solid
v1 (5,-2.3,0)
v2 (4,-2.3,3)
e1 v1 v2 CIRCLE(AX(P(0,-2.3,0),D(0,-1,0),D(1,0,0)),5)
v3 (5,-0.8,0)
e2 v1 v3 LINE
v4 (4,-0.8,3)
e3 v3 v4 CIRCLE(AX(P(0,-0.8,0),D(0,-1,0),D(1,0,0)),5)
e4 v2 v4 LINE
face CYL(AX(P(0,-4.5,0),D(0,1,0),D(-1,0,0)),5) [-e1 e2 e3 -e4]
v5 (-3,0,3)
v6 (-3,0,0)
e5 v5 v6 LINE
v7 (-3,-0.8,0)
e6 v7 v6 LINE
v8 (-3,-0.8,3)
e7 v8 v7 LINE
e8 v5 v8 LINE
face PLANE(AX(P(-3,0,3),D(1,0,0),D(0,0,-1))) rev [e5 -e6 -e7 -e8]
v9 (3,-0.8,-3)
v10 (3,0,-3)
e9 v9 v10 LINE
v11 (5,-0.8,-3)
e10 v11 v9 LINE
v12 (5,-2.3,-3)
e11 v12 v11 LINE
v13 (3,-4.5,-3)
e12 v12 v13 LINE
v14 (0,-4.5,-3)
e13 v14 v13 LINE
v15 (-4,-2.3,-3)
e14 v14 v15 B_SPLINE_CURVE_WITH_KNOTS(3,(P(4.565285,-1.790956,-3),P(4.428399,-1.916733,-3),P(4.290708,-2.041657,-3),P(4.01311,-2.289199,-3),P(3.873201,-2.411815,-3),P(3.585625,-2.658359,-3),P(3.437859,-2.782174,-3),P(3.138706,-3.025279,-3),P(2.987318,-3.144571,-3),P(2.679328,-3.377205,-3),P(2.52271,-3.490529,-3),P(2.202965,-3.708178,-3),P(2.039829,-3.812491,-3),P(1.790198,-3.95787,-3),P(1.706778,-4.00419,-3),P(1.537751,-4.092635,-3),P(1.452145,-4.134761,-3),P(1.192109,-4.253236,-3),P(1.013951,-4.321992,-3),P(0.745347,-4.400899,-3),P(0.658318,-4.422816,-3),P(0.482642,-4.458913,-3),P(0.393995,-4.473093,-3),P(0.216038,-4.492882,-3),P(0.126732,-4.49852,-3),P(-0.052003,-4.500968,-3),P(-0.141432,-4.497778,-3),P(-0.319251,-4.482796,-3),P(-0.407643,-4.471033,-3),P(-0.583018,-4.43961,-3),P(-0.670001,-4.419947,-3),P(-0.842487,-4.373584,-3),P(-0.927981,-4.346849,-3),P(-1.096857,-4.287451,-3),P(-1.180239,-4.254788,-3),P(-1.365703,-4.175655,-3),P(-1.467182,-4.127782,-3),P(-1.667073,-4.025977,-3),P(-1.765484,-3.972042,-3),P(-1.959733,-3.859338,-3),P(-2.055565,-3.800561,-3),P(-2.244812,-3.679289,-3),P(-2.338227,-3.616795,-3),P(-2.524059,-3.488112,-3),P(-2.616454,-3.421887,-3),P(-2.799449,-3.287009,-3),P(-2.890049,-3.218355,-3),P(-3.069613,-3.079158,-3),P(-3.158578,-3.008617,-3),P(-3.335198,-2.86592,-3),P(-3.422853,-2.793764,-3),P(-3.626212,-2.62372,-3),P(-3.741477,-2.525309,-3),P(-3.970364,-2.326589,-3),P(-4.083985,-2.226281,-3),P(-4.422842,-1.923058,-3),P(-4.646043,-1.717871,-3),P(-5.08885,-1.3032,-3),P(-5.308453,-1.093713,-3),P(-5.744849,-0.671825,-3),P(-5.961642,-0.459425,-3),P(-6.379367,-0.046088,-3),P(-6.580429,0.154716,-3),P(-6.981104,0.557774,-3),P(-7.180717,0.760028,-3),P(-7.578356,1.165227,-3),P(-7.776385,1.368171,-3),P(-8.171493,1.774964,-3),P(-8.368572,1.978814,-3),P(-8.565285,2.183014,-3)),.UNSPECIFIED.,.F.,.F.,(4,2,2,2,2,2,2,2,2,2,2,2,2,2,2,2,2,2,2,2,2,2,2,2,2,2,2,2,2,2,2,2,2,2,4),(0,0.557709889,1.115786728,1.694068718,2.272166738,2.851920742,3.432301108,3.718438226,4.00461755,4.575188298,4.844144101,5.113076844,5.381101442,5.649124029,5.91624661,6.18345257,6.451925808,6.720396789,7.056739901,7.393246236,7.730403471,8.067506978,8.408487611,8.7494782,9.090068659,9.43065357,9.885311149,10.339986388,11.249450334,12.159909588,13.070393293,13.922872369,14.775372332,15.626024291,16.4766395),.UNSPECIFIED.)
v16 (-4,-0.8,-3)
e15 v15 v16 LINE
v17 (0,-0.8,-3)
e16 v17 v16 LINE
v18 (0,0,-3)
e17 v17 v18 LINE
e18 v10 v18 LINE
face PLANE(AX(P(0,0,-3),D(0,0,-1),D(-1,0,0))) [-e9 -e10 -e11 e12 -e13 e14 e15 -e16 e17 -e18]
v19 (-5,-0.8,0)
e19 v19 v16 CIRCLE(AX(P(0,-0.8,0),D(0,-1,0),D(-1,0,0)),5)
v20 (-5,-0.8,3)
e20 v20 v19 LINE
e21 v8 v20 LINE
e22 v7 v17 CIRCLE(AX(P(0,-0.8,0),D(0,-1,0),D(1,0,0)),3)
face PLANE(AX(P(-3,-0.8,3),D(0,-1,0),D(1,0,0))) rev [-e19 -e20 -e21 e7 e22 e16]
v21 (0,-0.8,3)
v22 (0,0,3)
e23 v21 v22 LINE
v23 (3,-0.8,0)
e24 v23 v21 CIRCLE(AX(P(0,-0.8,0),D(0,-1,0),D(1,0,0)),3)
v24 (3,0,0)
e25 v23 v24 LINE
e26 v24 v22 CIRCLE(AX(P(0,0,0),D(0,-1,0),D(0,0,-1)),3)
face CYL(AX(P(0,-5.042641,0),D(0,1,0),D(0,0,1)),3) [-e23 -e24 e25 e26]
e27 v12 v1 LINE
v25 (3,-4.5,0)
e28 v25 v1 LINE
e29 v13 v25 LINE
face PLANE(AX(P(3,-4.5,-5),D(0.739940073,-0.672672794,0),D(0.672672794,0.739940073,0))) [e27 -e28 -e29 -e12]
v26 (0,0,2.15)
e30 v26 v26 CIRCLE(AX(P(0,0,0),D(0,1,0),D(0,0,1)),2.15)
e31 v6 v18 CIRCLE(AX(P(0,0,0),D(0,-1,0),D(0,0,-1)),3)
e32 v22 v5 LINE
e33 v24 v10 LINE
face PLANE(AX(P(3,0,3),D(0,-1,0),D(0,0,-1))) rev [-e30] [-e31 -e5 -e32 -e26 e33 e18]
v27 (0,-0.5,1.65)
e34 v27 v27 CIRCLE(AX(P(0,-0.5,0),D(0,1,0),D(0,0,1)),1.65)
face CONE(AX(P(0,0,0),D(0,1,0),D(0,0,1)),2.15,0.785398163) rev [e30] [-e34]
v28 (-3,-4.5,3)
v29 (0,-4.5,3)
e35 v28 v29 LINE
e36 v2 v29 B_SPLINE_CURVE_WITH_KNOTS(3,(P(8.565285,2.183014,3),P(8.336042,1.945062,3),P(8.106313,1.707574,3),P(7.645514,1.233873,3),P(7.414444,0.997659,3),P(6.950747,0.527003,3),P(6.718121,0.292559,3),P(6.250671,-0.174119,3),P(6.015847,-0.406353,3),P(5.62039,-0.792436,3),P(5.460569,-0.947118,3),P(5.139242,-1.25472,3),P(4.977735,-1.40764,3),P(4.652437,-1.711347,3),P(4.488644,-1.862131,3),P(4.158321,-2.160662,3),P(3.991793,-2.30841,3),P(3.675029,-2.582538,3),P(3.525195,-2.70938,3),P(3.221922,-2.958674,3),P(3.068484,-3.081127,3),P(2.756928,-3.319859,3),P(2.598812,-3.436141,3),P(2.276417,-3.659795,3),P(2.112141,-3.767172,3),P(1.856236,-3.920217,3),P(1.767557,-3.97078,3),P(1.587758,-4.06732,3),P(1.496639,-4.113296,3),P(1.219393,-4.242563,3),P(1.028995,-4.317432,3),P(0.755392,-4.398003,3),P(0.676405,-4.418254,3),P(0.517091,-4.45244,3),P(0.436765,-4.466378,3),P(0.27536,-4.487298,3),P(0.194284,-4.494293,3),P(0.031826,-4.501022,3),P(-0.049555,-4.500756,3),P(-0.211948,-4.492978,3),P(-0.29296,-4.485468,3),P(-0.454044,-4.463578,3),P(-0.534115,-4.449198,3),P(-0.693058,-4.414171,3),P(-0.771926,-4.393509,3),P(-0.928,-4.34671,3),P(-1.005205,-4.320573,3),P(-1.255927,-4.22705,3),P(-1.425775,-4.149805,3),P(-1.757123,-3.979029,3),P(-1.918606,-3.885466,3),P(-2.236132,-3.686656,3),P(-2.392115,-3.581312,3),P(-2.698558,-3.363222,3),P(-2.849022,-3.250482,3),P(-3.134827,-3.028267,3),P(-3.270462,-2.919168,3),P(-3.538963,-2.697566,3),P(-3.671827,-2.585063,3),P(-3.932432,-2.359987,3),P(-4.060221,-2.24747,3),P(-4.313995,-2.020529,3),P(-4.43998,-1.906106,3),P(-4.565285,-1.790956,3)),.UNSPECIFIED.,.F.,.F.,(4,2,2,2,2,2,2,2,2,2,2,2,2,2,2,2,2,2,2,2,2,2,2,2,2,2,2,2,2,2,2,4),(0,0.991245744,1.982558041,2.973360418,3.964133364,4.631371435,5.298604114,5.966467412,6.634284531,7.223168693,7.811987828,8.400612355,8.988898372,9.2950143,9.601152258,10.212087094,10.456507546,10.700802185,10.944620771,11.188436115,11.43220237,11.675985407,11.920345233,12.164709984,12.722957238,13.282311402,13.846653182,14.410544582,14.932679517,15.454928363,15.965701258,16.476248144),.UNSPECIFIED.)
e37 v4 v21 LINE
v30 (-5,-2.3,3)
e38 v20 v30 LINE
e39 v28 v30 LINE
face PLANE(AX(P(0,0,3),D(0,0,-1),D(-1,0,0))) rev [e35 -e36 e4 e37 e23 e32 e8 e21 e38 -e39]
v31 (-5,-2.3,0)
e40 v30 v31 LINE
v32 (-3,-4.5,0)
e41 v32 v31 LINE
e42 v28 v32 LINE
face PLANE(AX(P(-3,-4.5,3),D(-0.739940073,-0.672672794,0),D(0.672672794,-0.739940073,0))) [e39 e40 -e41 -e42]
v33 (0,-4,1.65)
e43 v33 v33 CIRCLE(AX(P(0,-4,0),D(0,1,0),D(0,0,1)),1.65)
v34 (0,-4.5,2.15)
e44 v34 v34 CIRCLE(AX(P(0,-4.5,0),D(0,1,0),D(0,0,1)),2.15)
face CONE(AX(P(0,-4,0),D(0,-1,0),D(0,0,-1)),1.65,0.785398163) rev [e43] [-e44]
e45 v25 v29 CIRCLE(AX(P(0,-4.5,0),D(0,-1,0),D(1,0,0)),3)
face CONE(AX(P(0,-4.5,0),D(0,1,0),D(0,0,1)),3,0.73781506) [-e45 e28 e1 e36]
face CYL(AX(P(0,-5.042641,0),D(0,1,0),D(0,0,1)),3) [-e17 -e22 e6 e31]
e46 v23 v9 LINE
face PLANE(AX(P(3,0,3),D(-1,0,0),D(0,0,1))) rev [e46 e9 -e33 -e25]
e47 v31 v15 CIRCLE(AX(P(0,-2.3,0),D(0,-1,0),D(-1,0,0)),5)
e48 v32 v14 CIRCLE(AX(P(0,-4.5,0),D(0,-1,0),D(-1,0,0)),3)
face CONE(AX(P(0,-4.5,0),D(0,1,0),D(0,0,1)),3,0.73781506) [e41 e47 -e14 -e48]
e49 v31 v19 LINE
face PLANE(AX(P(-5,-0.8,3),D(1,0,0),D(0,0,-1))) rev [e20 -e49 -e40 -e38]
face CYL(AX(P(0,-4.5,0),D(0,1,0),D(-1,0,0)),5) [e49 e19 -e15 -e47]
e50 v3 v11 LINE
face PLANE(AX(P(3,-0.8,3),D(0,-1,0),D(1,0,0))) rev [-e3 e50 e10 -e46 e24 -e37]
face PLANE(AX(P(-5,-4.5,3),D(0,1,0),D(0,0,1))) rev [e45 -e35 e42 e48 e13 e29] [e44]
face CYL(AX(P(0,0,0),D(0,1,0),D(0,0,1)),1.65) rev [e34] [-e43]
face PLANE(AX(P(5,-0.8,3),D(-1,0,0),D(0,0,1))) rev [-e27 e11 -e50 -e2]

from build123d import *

# Parameters (mm, degrees)
EXTRUDE_1_DEPTH     = 3
CUT_EXTRUDE_1_DEPTH = 0.8
CUT_EXTRUDE_2_DEPTH = 4.7


with BuildPart() as part:
    # Эскиз1 → Бобышка-Вытянуть1 (new body, symmetric)
    with BuildSketch(Plane.XY):
        Polygon((3, 0), (-3, 0), (-3, -0.8), (-5, -0.8), (-5, -4.5), (5, -4.5), (5, -0.8), (3, -0.8), align=None)
    extrude(amount=EXTRUDE_1_DEPTH, both=True)

    # Эскиз3 → Отверстие обработанное метчиком M41 (revolve, cut)
    with BuildSketch(Plane(origin=(0, 0, 0), x_dir=(0, 0, 1), z_dir=(1, 0, 0))):
        Polygon((0, 0), (0, 4.5), (2.15, 4.5), (1.65, 4), (1.65, 0.5), (2.15, 0), align=None)
    revolve(axis=Axis((0, 6.35, 0), (0, -1, 0)), mode=Mode.SUBTRACT)

    # Эскиз4 → Вырез-Вытянуть1 (cut)
    with BuildSketch(Plane(origin=(0, 0, 0), x_dir=(1, 0, 0), z_dir=(0, 1, 0))):
        with BuildLine():
            Line((-3, 3), (-3, 0))
            ThreePointArc((-3, 0), (-2.121320344, 2.121320344), (0, 3))
            Line((0, 3), (-3, 3))
        make_face()
        with BuildLine():
            Line((0, -3), (3, -3))
            Line((3, -3), (3, 0))
            ThreePointArc((3, 0), (2.121320344, -2.121320344), (0, -3))
        make_face()
    extrude(amount=-CUT_EXTRUDE_1_DEPTH, mode=Mode.SUBTRACT)

    # Эскиз5 → Вырез-Вытянуть2 (cut, through all)
    with BuildSketch(Plane(origin=(0, -0.8, 0), x_dir=(1, 0, 0), z_dir=(0, 1, 0))):
        with BuildLine():
            Line((-5, 0), (-5, 3))
            Line((-5, 3), (-4, 3))
            ThreePointArc((-4, 3), (-4.74341649, 1.58113883), (-5, 0))
        make_face()
        with BuildLine():
            Line((5, 0), (5, -3))
            Line((5, -3), (4, -3))
            ThreePointArc((4, -3), (4.74341649, -1.58113883), (5, 0))
        make_face()
    extrude(amount=-CUT_EXTRUDE_2_DEPTH, mode=Mode.SUBTRACT)

    # Вырез-По траектории1: sweep along a path in Эскиз7
    with BuildLine(Plane.XZ.offset(4.5)) as sweep_1_path:
        Line((0, 5), (-5, 5))
        Line((-5, 5), (-5, 0))
        ThreePointArc((-5, 0), (-3.535533906, -3.535533906), (0, -5))
        Line((0, -5), (5, -5))
        Line((5, -5), (5, 0))
        ThreePointArc((5, 0), (3.535533906, 3.535533906), (0, 5))
    # Эскиз6 → Вырез-По траектории1 (sweep, cut)
    with BuildSketch(Plane.XY.offset(3)):
        Polygon((-5, -2.3), (-5, -4.5), (-3, -4.5), align=None)
    sweep(path=sweep_1_path.line, transition=Transition.RIGHT, mode=Mode.SUBTRACT)


solid = part.part
